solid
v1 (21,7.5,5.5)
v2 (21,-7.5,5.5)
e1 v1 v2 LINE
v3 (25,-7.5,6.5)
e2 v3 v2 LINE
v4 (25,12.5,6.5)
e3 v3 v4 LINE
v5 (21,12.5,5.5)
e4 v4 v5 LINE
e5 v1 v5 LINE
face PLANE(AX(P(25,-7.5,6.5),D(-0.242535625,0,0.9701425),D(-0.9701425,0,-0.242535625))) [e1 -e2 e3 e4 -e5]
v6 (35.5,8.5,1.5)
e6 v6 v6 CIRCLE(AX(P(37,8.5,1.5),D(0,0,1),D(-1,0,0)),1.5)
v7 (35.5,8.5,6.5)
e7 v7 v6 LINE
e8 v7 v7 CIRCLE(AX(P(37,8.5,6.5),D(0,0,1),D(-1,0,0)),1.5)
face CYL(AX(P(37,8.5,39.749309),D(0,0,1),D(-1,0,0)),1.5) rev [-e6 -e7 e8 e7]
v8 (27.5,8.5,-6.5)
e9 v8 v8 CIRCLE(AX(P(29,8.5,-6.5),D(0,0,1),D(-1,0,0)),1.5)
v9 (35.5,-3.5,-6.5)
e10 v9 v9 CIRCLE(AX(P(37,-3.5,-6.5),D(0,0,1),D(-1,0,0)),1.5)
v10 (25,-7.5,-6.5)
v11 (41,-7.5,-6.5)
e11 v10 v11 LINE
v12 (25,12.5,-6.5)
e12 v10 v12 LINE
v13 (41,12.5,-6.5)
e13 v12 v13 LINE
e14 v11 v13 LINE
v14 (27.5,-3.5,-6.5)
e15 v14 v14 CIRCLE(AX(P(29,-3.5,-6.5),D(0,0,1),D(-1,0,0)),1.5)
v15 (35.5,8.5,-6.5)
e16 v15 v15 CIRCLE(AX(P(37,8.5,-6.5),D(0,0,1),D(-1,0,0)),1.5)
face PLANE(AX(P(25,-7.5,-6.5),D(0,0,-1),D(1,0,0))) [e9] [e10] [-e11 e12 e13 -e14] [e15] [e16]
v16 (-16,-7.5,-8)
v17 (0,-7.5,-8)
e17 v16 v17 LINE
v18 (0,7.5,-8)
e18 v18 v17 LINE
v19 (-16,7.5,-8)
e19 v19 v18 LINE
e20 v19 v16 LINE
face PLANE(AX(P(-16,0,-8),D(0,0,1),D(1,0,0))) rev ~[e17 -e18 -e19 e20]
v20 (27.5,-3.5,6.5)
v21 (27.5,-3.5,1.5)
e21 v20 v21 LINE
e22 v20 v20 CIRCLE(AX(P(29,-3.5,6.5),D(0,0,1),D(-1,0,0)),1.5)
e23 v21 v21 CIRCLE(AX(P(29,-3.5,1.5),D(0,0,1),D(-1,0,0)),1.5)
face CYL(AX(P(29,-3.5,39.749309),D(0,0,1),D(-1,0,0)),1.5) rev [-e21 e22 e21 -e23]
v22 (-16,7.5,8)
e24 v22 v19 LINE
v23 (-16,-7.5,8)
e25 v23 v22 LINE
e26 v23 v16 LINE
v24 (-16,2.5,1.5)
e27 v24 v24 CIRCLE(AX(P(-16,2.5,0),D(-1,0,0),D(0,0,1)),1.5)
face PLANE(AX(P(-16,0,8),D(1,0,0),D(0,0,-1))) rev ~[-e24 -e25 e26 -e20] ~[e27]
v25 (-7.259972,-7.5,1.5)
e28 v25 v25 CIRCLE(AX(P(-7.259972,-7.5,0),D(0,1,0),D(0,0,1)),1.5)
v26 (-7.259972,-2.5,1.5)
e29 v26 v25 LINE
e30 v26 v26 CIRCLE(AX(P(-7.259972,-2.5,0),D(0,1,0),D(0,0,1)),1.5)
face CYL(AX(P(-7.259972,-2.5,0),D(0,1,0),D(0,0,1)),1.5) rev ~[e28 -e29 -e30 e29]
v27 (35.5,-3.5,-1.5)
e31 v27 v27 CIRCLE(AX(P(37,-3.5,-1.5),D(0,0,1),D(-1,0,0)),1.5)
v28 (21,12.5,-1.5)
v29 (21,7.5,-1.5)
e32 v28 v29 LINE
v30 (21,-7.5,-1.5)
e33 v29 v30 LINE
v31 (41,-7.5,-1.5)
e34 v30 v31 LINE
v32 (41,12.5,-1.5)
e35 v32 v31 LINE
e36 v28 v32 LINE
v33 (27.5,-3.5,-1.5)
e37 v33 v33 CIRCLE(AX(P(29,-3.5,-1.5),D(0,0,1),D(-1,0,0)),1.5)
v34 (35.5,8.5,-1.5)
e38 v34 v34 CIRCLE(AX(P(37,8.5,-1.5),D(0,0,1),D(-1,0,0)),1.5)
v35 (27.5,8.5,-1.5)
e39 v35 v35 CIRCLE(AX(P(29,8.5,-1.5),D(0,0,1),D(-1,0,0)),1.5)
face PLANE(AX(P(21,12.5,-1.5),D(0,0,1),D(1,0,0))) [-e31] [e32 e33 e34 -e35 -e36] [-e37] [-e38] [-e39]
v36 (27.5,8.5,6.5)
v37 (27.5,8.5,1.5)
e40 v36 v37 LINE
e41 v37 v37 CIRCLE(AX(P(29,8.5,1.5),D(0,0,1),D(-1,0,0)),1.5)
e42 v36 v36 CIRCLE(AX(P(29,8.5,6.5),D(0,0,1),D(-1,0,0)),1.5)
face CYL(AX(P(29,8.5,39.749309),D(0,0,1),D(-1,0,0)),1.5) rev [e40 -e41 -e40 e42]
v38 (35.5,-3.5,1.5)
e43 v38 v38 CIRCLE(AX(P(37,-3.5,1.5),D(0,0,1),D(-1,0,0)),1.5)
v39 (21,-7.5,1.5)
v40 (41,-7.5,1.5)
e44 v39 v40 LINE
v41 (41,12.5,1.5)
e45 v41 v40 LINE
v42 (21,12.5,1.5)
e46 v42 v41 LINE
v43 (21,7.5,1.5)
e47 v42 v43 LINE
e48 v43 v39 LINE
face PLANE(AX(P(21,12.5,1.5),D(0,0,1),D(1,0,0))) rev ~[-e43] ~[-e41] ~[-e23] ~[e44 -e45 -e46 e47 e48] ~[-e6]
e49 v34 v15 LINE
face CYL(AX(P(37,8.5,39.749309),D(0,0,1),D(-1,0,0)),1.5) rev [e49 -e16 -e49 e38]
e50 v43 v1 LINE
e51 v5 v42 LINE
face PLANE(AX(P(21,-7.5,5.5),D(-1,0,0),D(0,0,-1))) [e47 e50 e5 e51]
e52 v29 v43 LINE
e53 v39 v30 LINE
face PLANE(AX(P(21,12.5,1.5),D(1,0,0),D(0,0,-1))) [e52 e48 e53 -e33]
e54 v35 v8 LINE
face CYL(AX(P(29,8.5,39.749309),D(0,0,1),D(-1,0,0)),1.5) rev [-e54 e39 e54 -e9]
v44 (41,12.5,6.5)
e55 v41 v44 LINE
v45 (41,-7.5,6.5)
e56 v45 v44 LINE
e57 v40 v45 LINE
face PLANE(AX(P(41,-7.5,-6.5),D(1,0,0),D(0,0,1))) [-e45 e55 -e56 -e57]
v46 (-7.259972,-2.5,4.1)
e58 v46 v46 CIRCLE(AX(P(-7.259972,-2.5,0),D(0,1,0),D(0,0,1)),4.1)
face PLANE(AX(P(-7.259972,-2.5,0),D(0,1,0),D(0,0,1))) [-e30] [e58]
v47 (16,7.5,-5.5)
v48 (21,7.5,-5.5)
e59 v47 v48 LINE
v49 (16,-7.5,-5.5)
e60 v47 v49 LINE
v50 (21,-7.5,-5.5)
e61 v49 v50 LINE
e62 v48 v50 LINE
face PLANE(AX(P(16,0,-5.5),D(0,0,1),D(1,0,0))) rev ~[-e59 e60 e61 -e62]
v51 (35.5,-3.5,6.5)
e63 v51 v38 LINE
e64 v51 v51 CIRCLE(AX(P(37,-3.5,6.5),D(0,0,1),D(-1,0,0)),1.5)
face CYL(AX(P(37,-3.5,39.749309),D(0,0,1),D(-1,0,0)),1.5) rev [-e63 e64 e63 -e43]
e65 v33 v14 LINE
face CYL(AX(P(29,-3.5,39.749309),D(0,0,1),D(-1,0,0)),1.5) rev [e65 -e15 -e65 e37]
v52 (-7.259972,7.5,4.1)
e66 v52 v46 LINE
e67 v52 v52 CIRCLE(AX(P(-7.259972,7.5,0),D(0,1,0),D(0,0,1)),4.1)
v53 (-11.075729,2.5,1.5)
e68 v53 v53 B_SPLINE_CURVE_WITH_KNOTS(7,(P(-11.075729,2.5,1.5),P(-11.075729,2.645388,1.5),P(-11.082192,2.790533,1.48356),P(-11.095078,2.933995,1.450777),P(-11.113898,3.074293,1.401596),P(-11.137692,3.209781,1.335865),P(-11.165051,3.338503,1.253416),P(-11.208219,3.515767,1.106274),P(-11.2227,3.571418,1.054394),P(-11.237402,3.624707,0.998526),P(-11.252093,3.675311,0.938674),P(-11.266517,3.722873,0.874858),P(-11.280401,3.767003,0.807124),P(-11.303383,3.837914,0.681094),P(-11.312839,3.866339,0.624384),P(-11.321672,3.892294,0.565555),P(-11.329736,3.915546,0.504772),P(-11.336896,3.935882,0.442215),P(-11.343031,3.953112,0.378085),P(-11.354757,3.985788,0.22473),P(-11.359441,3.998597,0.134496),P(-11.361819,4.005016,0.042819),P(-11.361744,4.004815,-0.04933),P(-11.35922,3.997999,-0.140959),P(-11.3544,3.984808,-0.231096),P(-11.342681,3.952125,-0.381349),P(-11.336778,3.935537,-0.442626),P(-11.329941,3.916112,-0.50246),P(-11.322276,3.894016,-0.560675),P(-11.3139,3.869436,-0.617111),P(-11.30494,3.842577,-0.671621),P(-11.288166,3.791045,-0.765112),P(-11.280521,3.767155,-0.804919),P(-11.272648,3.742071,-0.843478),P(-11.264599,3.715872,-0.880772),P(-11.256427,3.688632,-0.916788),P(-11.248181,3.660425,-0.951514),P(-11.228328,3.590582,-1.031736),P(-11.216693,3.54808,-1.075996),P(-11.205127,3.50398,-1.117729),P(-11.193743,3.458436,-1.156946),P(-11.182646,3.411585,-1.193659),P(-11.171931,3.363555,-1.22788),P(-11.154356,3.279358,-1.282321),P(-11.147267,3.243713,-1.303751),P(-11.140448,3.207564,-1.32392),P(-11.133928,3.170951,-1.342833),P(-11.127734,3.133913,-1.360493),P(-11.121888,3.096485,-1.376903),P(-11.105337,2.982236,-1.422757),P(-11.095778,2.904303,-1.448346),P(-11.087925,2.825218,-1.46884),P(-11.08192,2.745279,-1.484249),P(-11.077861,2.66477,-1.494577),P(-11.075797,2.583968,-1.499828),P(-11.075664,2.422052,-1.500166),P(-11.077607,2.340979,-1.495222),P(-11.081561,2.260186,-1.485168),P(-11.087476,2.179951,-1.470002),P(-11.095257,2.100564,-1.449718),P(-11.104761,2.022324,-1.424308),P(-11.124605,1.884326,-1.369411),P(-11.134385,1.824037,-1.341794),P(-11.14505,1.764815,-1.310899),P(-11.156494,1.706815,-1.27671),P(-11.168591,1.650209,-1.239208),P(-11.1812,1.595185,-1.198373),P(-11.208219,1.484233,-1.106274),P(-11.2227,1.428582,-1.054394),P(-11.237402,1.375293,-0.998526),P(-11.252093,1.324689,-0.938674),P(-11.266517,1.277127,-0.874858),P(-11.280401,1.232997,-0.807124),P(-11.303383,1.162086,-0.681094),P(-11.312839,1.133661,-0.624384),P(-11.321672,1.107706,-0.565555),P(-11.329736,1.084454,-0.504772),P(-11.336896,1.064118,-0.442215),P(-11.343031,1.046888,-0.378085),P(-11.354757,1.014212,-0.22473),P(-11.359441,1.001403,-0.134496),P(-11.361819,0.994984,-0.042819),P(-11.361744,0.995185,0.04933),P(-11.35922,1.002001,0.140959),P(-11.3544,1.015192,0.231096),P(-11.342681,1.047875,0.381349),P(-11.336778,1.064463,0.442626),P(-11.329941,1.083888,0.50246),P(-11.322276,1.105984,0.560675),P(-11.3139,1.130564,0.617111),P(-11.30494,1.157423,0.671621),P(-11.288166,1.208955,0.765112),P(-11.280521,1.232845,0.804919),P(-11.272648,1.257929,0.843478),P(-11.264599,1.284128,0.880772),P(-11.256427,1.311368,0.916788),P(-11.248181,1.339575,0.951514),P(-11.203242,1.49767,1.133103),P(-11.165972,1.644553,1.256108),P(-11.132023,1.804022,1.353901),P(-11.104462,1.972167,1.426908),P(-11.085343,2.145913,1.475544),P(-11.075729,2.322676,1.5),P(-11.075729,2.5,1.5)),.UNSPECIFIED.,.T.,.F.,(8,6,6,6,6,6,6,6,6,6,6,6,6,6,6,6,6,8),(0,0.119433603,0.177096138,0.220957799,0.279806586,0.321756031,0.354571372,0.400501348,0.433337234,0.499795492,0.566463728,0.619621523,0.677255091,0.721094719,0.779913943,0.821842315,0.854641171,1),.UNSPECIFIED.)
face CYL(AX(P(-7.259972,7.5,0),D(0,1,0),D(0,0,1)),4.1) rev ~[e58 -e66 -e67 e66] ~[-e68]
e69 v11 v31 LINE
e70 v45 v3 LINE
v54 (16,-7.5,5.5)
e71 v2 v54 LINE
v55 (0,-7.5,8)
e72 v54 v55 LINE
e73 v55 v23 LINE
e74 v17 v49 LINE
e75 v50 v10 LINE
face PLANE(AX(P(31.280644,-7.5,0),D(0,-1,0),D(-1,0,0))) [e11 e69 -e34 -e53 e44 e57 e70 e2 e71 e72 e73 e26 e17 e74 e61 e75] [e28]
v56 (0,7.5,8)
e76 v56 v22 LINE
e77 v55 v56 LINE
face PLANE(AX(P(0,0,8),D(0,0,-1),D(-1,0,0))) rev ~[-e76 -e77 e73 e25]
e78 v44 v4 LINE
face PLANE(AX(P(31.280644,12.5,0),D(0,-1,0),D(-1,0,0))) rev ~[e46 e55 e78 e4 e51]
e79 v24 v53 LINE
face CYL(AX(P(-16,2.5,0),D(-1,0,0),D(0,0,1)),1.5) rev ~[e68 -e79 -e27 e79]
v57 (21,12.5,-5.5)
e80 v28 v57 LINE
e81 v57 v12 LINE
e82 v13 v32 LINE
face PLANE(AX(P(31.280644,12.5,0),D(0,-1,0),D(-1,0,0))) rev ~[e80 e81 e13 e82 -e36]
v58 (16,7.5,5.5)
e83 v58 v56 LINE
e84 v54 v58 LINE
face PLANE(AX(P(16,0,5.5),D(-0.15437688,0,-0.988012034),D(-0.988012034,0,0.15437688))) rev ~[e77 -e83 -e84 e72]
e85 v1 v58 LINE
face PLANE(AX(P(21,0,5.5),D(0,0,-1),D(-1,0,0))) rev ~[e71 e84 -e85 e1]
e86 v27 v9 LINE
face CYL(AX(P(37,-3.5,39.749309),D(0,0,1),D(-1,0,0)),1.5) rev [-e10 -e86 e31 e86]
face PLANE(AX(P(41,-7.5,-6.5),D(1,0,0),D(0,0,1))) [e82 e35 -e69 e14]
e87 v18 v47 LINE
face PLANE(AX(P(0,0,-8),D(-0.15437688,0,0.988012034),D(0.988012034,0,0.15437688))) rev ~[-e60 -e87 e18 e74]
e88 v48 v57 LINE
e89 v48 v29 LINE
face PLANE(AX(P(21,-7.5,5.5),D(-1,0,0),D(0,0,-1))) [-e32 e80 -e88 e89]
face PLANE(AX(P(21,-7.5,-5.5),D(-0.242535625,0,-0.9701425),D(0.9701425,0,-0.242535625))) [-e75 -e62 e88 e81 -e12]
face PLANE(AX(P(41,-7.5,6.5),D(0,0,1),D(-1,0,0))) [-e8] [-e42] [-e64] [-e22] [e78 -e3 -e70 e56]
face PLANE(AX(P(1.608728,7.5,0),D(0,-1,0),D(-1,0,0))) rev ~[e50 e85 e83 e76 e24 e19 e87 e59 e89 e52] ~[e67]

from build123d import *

# Parameters (mm, degrees)
BOSS_EXTRUDE1_DEPTH     = 7.5
SKETCH4_R               = 4.1
CUT_EXTRUDE1_DEPTH      = 10
SKETCH5_R               = 1.5
CUT_EXTRUDE2_DEPTH      = 5
CUT_EXTRUDE4_REACH      = 40.591
CUT_EXTRUDE4_END_RADIUS = 4.1
SKETCH7_R               = 1.5
BOSS_EXTRUDE2_DEPTH     = 20
SKETCH10_W              = 20
SKETCH10_H              = 3
CUT_EXTRUDE5_DEPTH      = 20
CUT_EXTRUDE6_DEPTH      = 46.249309387
CUT_EXTRUDE6_DEPTH_BACK = 46.249309387
SKETCH11_R              = 1.5


with BuildPart() as part:
    # Sketch2 → Boss-Extrude1 (new, symmetric)
    with BuildSketch(Plane(origin=(0, 0, 0), x_dir=(1, 0, 0), z_dir=(0, 1, 0))):
        Polygon((-16, -8), (-16, 8), (0, 8), (16, 5.5), (21, 5.5), (21, -5.5), (16, -5.5), (0, -8), align=None)
    extrude(amount=BOSS_EXTRUDE1_DEPTH, both=True)

    # Sketch4 → Cut-Extrude1 (cut)
    with BuildSketch(Plane(origin=(0, 7.5, 0), x_dir=(1, 0, 0), z_dir=(0, 1, 0))):
        with Locations(Location((-7.259972257, 0, 0), (0, 0, 270))):
            Circle(SKETCH4_R)
    extrude(amount=-CUT_EXTRUDE1_DEPTH, mode=Mode.SUBTRACT)

    # Sketch5 → Cut-Extrude2 (cut)
    with BuildSketch(Plane(origin=(0, -2.5, 0), x_dir=(1, 0, 0), z_dir=(0, 1, 0))):
        with Locations(Location((-7.259972257, 0, 0), (0, 0, 270))):
            Circle(SKETCH5_R)
    extrude(amount=-CUT_EXTRUDE2_DEPTH, mode=Mode.SUBTRACT)

    # Cut-Extrude4: up to this cylinder (the profile starts outside it)
    cut_extrude4_end = Plane(origin=(-7.259972257, 2.5, 0), z_dir=(0, 1, 0)) * Cylinder(CUT_EXTRUDE4_END_RADIUS, 90.382, mode=Mode.PRIVATE)
    # Sketch7 → Cut-Extrude4 (cut, up to the surface)
    with BuildSketch(Plane.ZY.offset(16), mode=Mode.PRIVATE) as cut_extrude4_sk1:
        with Locations((0, 2.5)):
            Circle(SKETCH7_R)
    cut_extrude4_tool1 = extrude(cut_extrude4_sk1.sketch, amount=-CUT_EXTRUDE4_REACH, mode=Mode.PRIVATE) - cut_extrude4_end
    add(cut_extrude4_tool1.solids().sort_by_distance((-16, 2.5, 0))[0], mode=Mode.SUBTRACT)

    # Sketch9 → Boss-Extrude2 (add)
    with BuildSketch(Plane(origin=(0, -7.5, 0), x_dir=(1, 0, 0), z_dir=(0, 1, 0))):
        Polygon((21, 5.5), (25, 6.5), (41, 6.5), (41, -6.5), (25, -6.5), (21, -5.5), align=None)
    extrude(amount=BOSS_EXTRUDE2_DEPTH)

    # Sketch10 → Cut-Extrude5 (cut)
    with BuildSketch(Plane(origin=(0, 12.5, 0), x_dir=(1, 0, 0), z_dir=(0, 1, 0))):
        with Locations((31, 0)):
            Rectangle(SKETCH10_W, SKETCH10_H)
    extrude(amount=-CUT_EXTRUDE5_DEPTH, mode=Mode.SUBTRACT)

    # Sketch11 → Cut-Extrude6 (cut, two sides: drawn at the far end of the back side and taken through both)
    with BuildSketch(Plane(origin=(0, 0, -6.5), x_dir=(-1, 0, 0), z_dir=(0, 0, -1)).offset(-CUT_EXTRUDE6_DEPTH_BACK)):
        with Locations((-37, 8.5)):
            Circle(SKETCH11_R)
        with Locations((-29, 8.5)):
            Circle(SKETCH11_R)
        with Locations((-37, -3.5)):
            Circle(SKETCH11_R)
        with Locations((-29, -3.5)):
            Circle(SKETCH11_R)
    extrude(amount=CUT_EXTRUDE6_DEPTH + CUT_EXTRUDE6_DEPTH_BACK, mode=Mode.SUBTRACT)


solid = part.part
